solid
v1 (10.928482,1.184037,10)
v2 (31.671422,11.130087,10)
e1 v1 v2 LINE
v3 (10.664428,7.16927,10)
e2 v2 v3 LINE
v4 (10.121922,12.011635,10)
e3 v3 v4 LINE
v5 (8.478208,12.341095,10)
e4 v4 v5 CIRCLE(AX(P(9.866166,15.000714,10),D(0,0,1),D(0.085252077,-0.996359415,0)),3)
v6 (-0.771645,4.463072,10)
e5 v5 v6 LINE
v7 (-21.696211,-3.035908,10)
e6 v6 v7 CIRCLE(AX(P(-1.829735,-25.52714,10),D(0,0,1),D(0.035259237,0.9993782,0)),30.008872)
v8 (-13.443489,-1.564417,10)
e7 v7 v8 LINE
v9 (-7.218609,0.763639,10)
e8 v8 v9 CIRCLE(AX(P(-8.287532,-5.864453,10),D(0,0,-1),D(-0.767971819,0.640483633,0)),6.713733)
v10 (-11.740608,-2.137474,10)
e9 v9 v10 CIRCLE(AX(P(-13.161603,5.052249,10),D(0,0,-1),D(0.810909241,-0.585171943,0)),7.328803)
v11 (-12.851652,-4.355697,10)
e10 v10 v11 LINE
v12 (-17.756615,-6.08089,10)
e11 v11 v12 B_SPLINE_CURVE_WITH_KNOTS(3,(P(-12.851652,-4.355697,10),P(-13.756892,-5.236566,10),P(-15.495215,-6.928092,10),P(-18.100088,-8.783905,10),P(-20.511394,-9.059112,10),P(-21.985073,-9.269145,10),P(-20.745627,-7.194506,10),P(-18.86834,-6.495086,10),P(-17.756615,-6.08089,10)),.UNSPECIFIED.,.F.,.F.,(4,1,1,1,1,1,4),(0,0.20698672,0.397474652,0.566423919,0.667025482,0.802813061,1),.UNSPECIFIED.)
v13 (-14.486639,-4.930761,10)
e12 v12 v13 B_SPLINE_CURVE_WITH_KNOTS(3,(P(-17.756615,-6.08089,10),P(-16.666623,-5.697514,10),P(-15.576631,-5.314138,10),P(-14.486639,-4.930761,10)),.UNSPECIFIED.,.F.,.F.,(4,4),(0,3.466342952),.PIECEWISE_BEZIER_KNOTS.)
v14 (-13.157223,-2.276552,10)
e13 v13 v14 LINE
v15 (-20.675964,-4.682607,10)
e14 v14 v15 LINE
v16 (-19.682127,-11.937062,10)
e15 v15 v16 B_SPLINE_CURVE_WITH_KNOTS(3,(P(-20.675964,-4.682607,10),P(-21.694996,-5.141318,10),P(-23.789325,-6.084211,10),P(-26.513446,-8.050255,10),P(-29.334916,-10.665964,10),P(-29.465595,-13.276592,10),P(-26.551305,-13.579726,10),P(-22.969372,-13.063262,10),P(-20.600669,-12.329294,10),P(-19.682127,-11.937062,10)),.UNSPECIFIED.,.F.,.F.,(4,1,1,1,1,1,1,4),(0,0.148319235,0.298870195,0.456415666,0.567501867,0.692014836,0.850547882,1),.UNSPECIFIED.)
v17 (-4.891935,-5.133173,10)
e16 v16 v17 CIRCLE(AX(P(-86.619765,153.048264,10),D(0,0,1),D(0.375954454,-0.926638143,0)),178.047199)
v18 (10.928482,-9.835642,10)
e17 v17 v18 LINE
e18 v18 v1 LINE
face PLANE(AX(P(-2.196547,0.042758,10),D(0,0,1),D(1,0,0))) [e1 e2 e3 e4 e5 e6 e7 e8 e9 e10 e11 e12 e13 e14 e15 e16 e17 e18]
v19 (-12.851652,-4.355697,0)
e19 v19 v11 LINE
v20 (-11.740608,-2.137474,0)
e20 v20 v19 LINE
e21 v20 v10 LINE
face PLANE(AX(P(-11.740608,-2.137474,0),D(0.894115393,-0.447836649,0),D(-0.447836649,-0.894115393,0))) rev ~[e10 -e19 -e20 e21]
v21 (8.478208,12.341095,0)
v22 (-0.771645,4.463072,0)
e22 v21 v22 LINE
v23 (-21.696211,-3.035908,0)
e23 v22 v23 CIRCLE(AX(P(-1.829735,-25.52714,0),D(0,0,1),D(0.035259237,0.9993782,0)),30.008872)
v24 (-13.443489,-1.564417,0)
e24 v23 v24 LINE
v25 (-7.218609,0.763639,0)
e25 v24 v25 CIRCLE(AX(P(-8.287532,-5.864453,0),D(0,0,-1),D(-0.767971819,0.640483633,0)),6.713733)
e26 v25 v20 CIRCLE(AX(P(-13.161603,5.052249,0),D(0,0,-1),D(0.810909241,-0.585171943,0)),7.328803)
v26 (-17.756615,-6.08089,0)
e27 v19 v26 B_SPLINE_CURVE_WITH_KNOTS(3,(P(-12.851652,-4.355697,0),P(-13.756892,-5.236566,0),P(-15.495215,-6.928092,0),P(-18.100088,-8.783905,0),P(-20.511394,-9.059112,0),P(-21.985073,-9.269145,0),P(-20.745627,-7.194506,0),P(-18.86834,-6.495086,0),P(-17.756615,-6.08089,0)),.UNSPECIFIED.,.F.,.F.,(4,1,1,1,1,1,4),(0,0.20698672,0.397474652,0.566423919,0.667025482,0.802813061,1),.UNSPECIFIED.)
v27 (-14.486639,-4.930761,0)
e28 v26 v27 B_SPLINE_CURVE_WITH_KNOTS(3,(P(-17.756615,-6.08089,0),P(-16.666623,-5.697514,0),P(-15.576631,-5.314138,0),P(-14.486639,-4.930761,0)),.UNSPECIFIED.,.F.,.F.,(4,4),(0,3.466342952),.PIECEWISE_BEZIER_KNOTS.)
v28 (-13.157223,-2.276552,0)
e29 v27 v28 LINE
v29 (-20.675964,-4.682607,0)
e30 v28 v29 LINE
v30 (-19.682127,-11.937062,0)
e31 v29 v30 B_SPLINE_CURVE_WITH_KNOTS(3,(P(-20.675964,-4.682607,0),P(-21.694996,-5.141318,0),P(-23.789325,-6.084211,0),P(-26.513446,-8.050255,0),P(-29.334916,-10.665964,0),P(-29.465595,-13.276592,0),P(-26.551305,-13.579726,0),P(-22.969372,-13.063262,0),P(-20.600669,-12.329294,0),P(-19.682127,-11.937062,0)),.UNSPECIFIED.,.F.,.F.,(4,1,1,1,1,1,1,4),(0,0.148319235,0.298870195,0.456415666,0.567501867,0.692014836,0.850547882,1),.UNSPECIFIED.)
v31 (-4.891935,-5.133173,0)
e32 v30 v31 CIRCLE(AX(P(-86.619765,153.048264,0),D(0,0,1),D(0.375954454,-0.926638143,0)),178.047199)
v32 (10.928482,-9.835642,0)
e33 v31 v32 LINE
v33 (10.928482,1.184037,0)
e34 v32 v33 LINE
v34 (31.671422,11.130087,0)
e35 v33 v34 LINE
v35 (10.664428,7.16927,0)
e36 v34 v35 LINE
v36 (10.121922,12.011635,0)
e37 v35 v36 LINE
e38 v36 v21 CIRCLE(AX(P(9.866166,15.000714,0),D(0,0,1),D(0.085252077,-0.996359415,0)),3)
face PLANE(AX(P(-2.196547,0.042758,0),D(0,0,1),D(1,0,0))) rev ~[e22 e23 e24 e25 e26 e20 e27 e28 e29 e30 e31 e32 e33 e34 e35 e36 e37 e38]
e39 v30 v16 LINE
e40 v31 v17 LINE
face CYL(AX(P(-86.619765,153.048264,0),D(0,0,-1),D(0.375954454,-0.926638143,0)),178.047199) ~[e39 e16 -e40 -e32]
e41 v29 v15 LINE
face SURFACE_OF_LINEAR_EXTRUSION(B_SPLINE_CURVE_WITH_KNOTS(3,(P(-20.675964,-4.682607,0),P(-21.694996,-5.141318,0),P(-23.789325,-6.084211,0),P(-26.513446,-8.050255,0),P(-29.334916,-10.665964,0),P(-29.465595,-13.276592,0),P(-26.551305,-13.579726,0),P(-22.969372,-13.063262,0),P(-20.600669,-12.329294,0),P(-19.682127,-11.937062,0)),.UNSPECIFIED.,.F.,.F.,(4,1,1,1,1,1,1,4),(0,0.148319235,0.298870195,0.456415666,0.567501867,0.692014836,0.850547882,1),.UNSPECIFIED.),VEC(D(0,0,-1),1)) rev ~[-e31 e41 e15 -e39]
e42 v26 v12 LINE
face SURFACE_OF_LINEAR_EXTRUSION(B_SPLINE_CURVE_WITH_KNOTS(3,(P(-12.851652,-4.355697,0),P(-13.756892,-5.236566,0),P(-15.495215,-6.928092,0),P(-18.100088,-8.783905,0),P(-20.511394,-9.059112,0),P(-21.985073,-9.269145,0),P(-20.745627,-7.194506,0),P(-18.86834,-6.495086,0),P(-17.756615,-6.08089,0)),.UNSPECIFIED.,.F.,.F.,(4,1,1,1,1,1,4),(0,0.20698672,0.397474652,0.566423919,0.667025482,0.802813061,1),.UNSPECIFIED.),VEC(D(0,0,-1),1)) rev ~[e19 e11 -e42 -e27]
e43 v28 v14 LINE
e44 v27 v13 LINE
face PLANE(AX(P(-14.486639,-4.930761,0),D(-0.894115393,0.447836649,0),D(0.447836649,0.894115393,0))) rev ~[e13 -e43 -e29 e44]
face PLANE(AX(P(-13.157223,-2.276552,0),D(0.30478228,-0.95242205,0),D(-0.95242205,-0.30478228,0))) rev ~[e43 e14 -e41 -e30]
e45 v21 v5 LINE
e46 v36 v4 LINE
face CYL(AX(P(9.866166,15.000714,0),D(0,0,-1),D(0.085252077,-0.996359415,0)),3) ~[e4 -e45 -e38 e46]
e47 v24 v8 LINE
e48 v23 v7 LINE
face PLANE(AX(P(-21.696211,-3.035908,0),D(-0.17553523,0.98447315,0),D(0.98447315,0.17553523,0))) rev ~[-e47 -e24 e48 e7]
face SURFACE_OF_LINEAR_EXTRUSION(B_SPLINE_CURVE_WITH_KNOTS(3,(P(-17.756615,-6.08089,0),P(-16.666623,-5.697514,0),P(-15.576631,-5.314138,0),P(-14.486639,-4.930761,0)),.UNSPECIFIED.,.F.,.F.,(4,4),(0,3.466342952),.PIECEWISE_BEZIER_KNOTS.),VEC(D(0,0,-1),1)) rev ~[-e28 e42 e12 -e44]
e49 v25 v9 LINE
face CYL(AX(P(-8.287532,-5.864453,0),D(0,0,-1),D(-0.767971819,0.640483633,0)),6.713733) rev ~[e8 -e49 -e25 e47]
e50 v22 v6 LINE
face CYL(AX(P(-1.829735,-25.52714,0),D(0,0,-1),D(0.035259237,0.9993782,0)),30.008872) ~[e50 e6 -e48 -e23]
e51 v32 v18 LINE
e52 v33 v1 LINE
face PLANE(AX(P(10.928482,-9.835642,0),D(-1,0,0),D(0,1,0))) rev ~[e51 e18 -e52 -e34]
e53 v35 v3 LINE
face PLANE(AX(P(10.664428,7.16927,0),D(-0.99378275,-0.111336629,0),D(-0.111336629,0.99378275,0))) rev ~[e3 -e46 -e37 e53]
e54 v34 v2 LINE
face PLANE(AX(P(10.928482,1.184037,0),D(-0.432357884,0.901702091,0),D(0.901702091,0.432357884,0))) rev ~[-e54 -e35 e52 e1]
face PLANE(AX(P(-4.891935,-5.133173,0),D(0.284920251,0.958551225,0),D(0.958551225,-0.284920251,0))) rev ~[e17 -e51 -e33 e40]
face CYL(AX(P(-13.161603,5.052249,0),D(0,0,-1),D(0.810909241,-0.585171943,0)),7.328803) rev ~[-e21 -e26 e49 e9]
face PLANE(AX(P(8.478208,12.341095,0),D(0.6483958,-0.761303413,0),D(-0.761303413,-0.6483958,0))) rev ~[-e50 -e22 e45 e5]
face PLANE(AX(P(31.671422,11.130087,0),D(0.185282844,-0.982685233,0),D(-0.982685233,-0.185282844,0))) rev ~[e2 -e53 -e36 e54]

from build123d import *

# Parameters (mm, degrees)
F1_DEPTH = 10


with BuildPart() as f1:
    # F0 (on Top) → F1 (new body)
    with BuildSketch(Plane.XY):
        with BuildLine():
            Line((8.478207631, 12.3410948754), (-0.7716447129, 4.4630723743))
            ThreePointArc((-0.7716447129, 4.4630723743), (-11.9538408238, 2.7223708892), (-21.6962108707, -3.0359081413))
            Line((-21.6962108707, -3.0359081413), (-13.4434893382, -1.5644171497))
            ThreePointArc((-13.4434893382, -1.5644171497), (-10.6393236092, 0.4238918783), (-7.2186087971, 0.7636394335))
            ThreePointArc((-7.2186087971, 0.7636394335), (-9.2041796913, -1.1162314275), (-11.7406081274, -2.1374743066))
            Line((-11.7406081274, -2.1374743066), (-12.8516519005, -4.3556968285))
            add(Edge.make_bspline(
                [(-12.8516519005, -4.3556968285), (-13.7568916342, -5.2365663524), (-15.4952149852, -6.9280918184), (-18.1000884601, -8.7839051211), (-20.5113942152, -9.0591117823), (-21.9850725902, -9.2691445705), (-20.745626651, -7.1945055447), (-18.868340283, -6.495085517), (-17.7566145109, -6.0808901744)],
                knots=[0, 0, 0, 0, 0.2069867198, 0.3974746523, 0.566423919, 0.6670254821, 0.8028130608, 1, 1, 1, 1], degree=3))
            add(Edge.make_bspline(
                [(-17.7566145109, -6.0808901744), (-16.6666228197, -5.6975138753), (-15.5766311285, -5.3141375762), (-14.4866394373, -4.9307612771)],
                knots=[0, 0, 0, 0, 3.4663429522, 3.4663429522, 3.4663429522, 3.4663429522], degree=3))
            Line((-14.4866394373, -4.9307612771), (-13.1572225625, -2.2765522135))
            Line((-13.1572225625, -2.2765522135), (-20.6759641441, -4.6826065459))
            add(Edge.make_bspline(
                [(-20.6759641441, -4.6826065459), (-21.6949960064, -5.1413180449), (-23.7893254622, -6.0842111683), (-26.5134455561, -8.0502545567), (-29.3349164644, -10.6659635913), (-29.4655953345, -13.2765924141), (-26.5513052044, -13.5797258028), (-22.9693722214, -13.0632618836), (-20.6006690632, -12.3292936437), (-19.6821269664, -11.937062042)],
                knots=[0, 0, 0, 0, 0.1483192347, 0.2988701954, 0.4564156656, 0.5675018666, 0.6920148357, 0.8505478815, 1, 1, 1, 1], degree=3))
            ThreePointArc((-19.6821269664, -11.937062042), (-12.2092242102, -8.7042525804), (-4.8919349, -5.133172944))
            Line((-4.8919349, -5.133172944), (10.9284820036, -9.8356416623))
            Line((10.9284820036, -9.8356416623), (10.9284820036, 1.1840370476))
            Line((10.9284820036, 1.1840370476), (31.6714221652, 11.1300866483))
            Line((31.6714221652, 11.1300866483), (10.6644276728, 7.1692703639))
            Line((10.6644276728, 7.1692703639), (10.1219221884, 12.011635341))
            ThreePointArc((10.1219221884, 12.011635341), (10.4557474141, 17.9422087335), (8.478207631, 12.3410948754))
        make_face()
    extrude(amount=F1_DEPTH)


solid = f1.part
